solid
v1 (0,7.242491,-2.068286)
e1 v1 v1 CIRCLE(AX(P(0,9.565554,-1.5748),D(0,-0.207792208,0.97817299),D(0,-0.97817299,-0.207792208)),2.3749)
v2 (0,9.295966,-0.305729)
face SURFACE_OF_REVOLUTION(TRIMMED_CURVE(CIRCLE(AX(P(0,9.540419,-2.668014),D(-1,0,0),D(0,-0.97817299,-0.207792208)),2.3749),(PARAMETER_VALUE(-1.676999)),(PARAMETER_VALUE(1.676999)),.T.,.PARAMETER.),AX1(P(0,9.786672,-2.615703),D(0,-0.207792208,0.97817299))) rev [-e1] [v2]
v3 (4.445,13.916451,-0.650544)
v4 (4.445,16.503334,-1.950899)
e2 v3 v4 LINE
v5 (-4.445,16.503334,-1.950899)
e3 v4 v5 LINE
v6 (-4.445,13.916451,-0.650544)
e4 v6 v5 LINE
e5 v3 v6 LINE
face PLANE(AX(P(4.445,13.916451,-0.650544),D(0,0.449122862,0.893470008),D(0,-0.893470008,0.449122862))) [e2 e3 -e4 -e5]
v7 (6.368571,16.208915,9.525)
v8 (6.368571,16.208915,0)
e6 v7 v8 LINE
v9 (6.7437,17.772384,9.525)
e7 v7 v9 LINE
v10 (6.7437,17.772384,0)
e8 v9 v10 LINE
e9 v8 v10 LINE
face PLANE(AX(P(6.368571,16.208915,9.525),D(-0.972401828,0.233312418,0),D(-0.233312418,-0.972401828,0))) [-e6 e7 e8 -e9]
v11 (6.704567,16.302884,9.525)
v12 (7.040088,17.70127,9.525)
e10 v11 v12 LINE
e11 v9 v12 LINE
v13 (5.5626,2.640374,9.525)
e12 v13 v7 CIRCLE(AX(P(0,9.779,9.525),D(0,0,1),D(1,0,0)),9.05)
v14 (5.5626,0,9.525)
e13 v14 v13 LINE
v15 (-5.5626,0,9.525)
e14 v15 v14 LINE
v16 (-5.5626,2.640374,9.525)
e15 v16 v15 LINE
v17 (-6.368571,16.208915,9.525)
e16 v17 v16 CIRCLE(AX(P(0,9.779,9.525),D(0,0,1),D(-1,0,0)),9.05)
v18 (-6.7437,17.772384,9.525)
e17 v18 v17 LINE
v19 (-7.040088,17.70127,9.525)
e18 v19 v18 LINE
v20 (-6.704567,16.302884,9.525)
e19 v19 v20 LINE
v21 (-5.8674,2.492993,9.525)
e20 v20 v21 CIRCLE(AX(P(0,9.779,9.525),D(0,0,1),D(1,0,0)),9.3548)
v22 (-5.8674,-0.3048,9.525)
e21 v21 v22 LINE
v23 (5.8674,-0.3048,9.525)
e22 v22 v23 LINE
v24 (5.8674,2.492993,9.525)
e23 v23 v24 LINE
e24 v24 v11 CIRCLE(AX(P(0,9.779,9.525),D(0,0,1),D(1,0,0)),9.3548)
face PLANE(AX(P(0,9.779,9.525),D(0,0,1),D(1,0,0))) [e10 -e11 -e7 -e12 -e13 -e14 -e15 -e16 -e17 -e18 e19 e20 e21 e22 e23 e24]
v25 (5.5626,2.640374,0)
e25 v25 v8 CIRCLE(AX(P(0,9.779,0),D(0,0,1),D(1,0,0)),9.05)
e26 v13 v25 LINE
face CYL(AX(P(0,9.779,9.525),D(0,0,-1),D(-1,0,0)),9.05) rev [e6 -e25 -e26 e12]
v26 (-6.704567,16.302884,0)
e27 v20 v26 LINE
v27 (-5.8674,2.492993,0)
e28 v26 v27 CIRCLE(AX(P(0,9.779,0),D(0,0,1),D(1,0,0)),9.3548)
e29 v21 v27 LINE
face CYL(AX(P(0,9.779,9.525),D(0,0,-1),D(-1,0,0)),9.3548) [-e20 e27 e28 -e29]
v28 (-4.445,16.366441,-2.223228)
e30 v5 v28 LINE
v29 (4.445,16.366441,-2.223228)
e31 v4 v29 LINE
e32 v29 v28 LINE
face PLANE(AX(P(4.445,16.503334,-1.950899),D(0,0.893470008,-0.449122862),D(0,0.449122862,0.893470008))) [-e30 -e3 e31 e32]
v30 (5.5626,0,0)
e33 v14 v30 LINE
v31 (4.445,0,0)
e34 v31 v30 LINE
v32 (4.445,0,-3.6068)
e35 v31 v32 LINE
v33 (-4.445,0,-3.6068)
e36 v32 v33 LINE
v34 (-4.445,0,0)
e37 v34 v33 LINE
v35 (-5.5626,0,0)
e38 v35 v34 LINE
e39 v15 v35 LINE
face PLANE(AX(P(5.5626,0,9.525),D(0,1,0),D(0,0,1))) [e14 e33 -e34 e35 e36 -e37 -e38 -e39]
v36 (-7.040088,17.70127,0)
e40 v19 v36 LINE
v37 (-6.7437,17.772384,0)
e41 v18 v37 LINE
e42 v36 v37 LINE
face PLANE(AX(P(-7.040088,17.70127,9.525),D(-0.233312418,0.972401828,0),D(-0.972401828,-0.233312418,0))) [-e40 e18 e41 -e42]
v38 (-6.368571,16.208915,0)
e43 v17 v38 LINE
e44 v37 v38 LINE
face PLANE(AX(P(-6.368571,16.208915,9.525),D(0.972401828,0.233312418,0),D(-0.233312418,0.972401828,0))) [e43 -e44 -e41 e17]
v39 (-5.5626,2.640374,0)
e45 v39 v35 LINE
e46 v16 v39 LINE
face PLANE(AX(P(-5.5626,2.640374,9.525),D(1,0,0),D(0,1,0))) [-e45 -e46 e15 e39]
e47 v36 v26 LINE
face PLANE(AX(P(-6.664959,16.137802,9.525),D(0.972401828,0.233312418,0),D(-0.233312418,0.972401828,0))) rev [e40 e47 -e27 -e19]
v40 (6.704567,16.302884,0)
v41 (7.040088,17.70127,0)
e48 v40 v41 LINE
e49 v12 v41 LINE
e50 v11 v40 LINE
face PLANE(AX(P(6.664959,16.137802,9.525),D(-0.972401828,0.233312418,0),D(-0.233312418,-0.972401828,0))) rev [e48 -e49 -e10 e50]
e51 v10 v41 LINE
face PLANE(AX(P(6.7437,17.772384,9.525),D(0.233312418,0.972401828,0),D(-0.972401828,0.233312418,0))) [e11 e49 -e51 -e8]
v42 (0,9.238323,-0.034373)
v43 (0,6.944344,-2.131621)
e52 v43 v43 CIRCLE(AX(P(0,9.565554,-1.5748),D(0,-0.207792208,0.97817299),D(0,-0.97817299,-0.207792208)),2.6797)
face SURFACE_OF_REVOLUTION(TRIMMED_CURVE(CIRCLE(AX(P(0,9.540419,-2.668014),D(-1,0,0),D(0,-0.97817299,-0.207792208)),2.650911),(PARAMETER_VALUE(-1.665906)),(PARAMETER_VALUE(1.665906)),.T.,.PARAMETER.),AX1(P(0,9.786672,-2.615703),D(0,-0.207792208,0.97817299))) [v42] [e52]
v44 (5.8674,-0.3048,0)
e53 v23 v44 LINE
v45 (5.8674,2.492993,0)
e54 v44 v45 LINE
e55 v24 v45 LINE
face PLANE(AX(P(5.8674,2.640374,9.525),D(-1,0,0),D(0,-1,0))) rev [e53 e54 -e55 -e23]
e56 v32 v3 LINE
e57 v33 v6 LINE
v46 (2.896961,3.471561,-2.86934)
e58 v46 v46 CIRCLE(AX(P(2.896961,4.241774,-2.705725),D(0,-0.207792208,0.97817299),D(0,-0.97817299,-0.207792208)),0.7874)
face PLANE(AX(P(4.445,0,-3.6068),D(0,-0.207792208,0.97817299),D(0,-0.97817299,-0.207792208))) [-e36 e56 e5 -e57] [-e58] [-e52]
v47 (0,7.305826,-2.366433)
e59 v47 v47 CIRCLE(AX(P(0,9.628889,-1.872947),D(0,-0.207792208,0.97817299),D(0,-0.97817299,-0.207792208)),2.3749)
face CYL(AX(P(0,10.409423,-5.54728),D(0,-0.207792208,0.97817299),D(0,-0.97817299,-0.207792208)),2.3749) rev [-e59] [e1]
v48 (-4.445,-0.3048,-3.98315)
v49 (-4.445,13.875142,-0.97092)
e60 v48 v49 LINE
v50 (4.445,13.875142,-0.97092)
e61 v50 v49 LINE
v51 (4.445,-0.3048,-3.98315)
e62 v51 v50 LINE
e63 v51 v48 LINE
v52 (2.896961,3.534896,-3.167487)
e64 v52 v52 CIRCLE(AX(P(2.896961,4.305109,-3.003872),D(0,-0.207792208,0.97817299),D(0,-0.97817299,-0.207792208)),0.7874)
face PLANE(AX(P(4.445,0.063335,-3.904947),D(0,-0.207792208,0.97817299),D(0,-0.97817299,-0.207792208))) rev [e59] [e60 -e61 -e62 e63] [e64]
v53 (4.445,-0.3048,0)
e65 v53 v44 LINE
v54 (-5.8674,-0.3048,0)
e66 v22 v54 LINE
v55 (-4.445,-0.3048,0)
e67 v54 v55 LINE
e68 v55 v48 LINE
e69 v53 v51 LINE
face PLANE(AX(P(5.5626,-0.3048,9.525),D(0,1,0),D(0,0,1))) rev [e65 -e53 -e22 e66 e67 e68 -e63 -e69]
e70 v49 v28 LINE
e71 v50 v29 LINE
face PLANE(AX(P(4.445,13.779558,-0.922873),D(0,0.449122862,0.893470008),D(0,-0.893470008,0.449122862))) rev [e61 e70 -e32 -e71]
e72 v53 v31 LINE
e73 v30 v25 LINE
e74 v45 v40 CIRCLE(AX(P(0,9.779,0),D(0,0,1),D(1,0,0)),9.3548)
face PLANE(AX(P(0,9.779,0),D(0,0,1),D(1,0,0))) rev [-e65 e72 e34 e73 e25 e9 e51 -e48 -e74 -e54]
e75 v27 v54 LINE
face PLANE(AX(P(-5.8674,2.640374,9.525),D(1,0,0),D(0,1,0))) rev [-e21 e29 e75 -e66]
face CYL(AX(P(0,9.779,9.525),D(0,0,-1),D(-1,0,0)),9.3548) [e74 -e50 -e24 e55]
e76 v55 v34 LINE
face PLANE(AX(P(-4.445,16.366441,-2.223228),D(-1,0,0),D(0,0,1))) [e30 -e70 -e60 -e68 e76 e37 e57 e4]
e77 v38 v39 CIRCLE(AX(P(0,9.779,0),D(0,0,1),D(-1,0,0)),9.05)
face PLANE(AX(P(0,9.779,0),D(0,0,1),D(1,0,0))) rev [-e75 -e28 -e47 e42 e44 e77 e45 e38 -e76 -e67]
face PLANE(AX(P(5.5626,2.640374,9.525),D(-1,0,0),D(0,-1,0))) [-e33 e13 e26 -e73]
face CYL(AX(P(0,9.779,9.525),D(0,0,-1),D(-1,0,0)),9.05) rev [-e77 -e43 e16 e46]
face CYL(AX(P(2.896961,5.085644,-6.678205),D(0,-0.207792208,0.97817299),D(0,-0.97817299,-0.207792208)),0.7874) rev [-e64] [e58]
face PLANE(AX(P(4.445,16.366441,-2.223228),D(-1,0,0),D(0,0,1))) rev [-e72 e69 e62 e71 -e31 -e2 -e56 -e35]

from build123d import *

# Parameters (mm, degrees)
EXTRUDE_THIN1_DEPTH = 9.525
EXTRUDE_THIN2_DEPTH = 4.445
SKETCH3_R           = 2.3749
SKETCH3_R_2         = 0.7874
CUT_EXTRUDE1_DEPTH  = 24.37151185


with BuildPart() as part:
    # Sketch1 → Extrude-Thin1 (new body)
    with BuildSketch(Plane.XY):
        with BuildLine():
            Line((6.7437, 17.77238356), (6.368570529, 16.208915196))
            ThreePointArc((6.368570529, 16.208915196), (9.034076329, 9.242376411), (5.5626, 2.640373995))
            Line((5.5626, 2.640373995), (5.5626, 0))
            Line((5.5626, 0), (-5.5626, 0))
            Line((-5.5626, 0), (-5.5626, 2.640373995))
            ThreePointArc((-5.5626, 2.640373995), (-9.034076329, 9.242376411), (-6.368570529, 16.208915196))
            Line((-6.368570529, 16.208915196), (-6.7437, 17.77238356))
            Line((-6.7437, 17.77238356), (-7.040088077, 17.701269935))
            Line((-7.040088077, 17.701269935), (-6.704567446, 16.30288369))
            ThreePointArc((-6.704567446, 16.30288369), (-9.337658307, 9.212943132), (-5.8674, 2.492992844))
            Line((-5.8674, 2.492992844), (-5.8674, -0.3048))
            Line((-5.8674, -0.3048), (5.8674, -0.3048))
            Line((5.8674, -0.3048), (5.8674, 2.492992844))
            ThreePointArc((5.8674, 2.492992844), (9.337658307, 9.212943132), (6.704567446, 16.30288369))
            Line((6.704567446, 16.30288369), (7.040088077, 17.701269935))
            Line((7.040088077, 17.701269935), (6.7437, 17.77238356))
        make_face()
    extrude(amount=EXTRUDE_THIN1_DEPTH)

    # Sketch2 → Extrude-Thin2 (add, symmetric)
    with BuildSketch(Plane(origin=(0, 0, 0), x_dir=(0, 0, -1), z_dir=(1, 0, 0))):
        Polygon((0, 0), (3.6068, 0), (0.650543656, 13.916451143), (1.950898512, 16.503333624), (2.223228171, 16.366440976), (0.970920321, 13.875141604), (3.983149653, -0.3048), (0, -0.3048), align=None)
    extrude(amount=EXTRUDE_THIN2_DEPTH, both=True)

    # Sketch3 → Cut-Extrude1 (cut, through all)
    with BuildSketch(Plane(origin=(0, 0.733106356, -3.451067026), x_dir=(1, 0, 0), z_dir=(0, -0.2077922077922076, 0.9781729900078207))):
        with Locations(Location((0, 9.029535065, 0), (0, 0, 270))):
            Circle(SKETCH3_R)
        with Locations(Location((2.89696051, 3.586960276, 0), (0, 0, 270))):
            Circle(SKETCH3_R_2)
    extrude(amount=-CUT_EXTRUDE1_DEPTH, mode=Mode.SUBTRACT)

    # Sketch4 → Revolve2 (revolve)
    with BuildSketch(Plane(origin=(0, 0, 0), x_dir=(0, 0, -1), z_dir=(1, 0, 0))):
        with BuildLine():
            Line((0.034373175, 9.2383225), (0.305728617, 9.295966237))
            ThreePointArc((0.305728617, 9.295966237), (0.288117278, 10.713567235), (1.081314286, 11.888616703))
            Line((1.081314286, 11.888616703), (1.017979221, 12.186763831))
            ThreePointArc((1.017979221, 12.186763831), (0.048720075, 10.871823503), (0.034373175, 9.2383225))
        make_face()
    revolve(axis=Axis((0, 9.2383225, -0.034373175), (0, 0.20779220779220853, -0.9781729900078205)))


solid = part.part
